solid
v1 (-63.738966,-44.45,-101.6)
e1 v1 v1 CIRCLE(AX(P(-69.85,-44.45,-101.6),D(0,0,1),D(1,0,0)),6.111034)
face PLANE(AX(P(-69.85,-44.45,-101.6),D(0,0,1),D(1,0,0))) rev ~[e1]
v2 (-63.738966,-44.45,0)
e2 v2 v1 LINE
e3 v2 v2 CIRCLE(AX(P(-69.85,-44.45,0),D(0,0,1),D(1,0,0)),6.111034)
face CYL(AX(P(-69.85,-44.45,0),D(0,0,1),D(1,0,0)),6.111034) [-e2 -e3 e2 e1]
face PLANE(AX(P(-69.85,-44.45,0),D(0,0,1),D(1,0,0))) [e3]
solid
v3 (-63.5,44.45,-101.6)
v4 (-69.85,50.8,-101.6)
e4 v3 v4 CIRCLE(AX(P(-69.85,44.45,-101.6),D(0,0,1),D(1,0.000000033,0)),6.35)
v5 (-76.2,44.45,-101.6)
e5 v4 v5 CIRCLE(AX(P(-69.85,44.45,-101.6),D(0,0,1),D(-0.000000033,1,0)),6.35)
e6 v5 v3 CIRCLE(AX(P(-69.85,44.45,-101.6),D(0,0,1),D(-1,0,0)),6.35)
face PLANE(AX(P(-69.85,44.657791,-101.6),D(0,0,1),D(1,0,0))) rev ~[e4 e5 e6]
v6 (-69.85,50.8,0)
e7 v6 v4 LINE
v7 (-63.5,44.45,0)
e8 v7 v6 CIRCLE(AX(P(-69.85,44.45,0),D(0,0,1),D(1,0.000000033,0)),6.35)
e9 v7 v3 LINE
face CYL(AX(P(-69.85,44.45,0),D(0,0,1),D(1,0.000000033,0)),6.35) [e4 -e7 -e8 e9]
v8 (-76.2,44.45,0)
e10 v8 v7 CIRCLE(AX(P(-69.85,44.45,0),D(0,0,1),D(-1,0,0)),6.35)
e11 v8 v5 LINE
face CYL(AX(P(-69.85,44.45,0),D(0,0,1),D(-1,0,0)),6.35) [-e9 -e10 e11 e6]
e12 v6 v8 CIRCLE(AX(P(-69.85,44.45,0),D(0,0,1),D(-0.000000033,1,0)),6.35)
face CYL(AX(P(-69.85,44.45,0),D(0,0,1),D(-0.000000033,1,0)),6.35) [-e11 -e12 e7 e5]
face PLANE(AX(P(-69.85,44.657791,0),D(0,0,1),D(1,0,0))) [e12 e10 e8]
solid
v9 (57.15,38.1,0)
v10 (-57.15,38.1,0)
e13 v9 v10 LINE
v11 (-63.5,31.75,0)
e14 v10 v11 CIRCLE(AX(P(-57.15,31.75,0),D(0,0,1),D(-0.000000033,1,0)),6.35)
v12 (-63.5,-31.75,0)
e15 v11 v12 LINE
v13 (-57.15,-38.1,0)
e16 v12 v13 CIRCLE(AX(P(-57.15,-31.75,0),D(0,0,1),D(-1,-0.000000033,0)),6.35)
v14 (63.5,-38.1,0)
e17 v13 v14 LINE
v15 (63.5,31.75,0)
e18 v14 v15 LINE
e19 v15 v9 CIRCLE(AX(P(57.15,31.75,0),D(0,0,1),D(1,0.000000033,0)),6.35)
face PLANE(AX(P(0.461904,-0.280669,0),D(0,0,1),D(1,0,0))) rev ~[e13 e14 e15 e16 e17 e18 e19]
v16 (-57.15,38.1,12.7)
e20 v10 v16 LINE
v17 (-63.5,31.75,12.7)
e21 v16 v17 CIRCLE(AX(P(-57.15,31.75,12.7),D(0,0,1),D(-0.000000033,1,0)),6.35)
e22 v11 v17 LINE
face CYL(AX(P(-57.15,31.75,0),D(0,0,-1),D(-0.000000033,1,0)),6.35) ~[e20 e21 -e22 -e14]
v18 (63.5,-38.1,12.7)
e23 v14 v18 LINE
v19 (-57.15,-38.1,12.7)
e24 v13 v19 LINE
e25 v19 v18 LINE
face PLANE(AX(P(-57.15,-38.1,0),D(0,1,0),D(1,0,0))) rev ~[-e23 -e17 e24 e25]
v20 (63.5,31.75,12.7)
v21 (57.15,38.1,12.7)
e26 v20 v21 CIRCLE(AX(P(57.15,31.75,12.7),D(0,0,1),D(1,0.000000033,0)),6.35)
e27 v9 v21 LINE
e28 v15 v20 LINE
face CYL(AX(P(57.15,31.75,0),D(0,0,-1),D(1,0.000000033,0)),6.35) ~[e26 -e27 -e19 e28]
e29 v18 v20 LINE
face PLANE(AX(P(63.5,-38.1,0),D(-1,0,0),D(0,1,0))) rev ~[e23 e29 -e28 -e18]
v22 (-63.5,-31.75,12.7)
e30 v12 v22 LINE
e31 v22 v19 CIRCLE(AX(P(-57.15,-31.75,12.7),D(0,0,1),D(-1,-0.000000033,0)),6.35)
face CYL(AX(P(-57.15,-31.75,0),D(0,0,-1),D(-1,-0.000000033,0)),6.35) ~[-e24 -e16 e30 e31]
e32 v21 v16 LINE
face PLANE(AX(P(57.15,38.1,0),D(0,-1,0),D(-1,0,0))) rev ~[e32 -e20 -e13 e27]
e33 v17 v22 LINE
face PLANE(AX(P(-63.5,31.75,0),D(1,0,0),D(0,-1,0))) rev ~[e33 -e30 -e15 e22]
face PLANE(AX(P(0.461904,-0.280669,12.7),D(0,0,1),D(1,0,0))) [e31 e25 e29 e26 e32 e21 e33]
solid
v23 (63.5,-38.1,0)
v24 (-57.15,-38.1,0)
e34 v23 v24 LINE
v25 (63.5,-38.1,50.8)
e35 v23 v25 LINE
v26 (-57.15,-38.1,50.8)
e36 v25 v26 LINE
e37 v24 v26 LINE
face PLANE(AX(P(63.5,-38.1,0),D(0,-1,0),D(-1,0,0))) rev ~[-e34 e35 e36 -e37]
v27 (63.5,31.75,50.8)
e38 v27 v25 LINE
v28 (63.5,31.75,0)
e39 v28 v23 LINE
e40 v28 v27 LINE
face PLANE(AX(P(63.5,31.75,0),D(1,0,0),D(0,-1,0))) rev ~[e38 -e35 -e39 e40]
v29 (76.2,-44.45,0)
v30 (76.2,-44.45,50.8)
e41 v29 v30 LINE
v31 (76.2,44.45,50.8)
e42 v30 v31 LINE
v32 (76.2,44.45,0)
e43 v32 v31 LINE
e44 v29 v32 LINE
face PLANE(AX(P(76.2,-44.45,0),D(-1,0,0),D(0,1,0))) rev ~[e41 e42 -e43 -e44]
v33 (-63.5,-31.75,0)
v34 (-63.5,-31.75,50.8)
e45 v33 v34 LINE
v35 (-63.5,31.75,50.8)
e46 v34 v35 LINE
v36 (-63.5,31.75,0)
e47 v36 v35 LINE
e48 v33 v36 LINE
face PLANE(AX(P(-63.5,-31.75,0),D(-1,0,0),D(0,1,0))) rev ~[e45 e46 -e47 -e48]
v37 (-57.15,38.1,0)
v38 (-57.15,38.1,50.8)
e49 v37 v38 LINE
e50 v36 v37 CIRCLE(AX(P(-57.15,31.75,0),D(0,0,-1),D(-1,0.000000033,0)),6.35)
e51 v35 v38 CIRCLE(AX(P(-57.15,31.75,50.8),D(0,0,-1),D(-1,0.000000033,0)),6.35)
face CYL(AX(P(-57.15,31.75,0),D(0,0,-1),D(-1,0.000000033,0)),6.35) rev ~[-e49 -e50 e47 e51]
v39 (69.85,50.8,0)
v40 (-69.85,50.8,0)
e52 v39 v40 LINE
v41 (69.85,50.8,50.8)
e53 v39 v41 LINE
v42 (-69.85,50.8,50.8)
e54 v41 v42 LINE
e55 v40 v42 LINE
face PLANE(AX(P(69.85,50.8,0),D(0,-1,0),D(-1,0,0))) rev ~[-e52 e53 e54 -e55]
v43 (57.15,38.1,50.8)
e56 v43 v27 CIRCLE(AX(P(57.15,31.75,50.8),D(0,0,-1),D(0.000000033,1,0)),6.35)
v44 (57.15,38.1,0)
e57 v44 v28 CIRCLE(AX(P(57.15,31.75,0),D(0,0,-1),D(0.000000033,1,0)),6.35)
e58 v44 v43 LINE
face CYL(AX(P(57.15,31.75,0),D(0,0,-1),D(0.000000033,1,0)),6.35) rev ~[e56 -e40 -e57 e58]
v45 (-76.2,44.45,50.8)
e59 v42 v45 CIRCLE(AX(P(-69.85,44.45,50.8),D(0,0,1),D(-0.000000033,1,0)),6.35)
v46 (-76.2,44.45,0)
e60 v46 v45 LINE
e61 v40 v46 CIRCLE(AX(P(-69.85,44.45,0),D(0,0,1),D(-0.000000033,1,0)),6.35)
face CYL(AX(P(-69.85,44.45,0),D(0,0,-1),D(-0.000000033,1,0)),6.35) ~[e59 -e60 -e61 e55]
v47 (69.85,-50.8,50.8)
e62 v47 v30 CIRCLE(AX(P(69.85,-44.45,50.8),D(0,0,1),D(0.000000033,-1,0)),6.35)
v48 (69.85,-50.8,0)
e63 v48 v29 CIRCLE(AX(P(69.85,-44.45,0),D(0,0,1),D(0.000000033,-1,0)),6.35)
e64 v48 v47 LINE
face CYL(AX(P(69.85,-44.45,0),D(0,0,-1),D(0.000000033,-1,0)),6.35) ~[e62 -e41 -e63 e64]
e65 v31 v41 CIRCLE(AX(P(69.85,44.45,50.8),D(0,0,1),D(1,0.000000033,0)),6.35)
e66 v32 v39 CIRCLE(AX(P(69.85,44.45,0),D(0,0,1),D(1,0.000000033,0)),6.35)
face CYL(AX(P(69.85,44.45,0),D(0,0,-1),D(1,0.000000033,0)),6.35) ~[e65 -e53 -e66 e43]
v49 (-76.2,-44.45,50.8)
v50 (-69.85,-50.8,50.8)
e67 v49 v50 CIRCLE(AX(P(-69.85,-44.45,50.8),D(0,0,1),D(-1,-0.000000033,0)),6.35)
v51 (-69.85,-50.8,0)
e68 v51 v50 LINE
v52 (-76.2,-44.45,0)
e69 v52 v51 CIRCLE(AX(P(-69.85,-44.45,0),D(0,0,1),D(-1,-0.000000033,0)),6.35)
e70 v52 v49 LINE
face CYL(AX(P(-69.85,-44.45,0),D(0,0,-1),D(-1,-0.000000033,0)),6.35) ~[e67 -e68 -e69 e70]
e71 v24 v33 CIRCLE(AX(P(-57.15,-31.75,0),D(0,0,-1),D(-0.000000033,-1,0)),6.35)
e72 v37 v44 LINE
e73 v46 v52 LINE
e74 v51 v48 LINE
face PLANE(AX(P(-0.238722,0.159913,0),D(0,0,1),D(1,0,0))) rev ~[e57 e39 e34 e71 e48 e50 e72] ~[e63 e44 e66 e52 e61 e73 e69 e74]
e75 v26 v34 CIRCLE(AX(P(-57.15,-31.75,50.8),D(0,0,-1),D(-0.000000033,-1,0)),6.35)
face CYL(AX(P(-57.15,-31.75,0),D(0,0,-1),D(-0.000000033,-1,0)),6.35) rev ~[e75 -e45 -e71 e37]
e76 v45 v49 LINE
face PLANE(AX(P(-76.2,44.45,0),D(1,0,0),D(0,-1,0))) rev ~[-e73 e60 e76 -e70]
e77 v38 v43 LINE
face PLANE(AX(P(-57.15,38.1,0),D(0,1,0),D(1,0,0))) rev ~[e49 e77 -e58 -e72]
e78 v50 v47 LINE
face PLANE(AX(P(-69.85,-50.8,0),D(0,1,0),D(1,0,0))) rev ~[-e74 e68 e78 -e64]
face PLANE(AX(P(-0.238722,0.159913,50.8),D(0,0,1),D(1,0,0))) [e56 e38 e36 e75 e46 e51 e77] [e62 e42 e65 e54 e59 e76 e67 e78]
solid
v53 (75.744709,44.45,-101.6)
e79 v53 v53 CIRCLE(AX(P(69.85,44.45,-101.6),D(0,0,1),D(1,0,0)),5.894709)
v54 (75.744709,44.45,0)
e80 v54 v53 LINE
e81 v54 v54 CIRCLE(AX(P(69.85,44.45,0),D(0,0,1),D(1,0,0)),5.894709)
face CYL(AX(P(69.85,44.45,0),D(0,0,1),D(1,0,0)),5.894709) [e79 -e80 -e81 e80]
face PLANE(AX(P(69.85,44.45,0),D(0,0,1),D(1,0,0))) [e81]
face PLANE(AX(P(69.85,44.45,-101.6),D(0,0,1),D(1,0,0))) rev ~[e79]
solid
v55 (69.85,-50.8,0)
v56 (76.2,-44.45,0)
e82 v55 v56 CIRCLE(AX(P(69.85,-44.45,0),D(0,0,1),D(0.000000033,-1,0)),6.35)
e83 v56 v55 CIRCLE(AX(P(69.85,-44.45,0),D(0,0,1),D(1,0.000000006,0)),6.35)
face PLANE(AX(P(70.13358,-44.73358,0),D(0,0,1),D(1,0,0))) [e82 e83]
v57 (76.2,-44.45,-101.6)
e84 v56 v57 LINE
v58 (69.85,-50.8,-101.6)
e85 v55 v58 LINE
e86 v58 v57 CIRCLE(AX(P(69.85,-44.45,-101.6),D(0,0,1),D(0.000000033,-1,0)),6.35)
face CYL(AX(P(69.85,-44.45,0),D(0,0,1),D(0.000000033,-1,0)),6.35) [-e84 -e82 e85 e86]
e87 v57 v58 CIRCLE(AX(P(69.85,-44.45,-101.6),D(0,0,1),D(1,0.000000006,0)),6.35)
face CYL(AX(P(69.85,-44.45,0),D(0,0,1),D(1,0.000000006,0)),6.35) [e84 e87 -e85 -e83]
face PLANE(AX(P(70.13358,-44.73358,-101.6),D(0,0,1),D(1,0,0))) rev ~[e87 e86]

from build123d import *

# Parameters (mm, degrees)
F0_R     = 6.111034
F0_R_2   = 5.894709
F1_DEPTH = 50.8
F2_DEPTH = 101.6
F3_DEPTH = 12.7


with BuildPart() as f1:
    # F0 (on Top) → F1 (new body)
    with BuildSketch(Plane.XY):
        with BuildLine():
            ThreePointArc((76.2, 44.45), (74.340128, 48.940128), (69.85, 50.8))
            Line((69.85, 50.8), (-69.85, 50.8))
            ThreePointArc((-69.85, 50.8), (-65.359872, 48.940128), (-63.5, 44.45))
            ThreePointArc((-63.5, 44.45), (-69.85, 38.1), (-76.2, 44.45))
            Line((-76.2, 44.45), (-76.2, -44.45))
            ThreePointArc((-76.2, -44.45), (-74.340128, -48.940128), (-69.85, -50.8))
            Line((-69.85, -50.8), (69.85, -50.8))
            ThreePointArc((69.85, -50.8), (65.359872, -39.959872), (76.2, -44.45))
            Line((76.2, -44.45), (76.2, 44.45))
        make_face()
        with Locations((-69.85, -44.45)):
            Circle(F0_R, mode=Mode.SUBTRACT)
        with BuildLine():
            Line((-57.15, 38.1), (57.15, 38.1))
            ThreePointArc((57.15, 38.1), (61.640128, 36.240128), (63.5, 31.75))
            Line((63.5, 31.75), (63.5, -38.1))
            Line((63.5, -38.1), (-57.15, -38.1))
            ThreePointArc((-57.15, -38.1), (-61.640128, -36.240128), (-63.5, -31.75))
            Line((-63.5, -31.75), (-63.5, 31.75))
            ThreePointArc((-63.5, 31.75), (-61.640128, 36.240128), (-57.15, 38.1))
        make_face(mode=Mode.SUBTRACT)
        with Locations((69.85, 44.45)):
            Circle(F0_R_2, mode=Mode.SUBTRACT)
        with BuildLine():
            ThreePointArc((-63.5, 44.45), (-65.359872, 48.940128), (-69.85, 50.8))
            ThreePointArc((-69.85, 50.8), (-74.340128, 48.940128), (-76.2, 44.45))
            ThreePointArc((-76.2, 44.45), (-69.85, 38.1), (-63.5, 44.45))
        make_face()
        with BuildLine():
            ThreePointArc((69.85, -50.8), (74.340128, -48.940128), (76.2, -44.45))
            ThreePointArc((76.2, -44.45), (65.359872, -39.959872), (69.85, -50.8))
        make_face()
        with Locations((69.85, 44.45)):
            Circle(F0_R_2)
        with Locations((-69.85, -44.45)):
            Circle(F0_R)
    extrude(amount=F1_DEPTH)


with BuildPart() as f2:
    # F0 (on Top) → F2 (new body)
    with BuildSketch(Plane.XY):
        with BuildLine():
            ThreePointArc((-63.5, 44.45), (-65.359872, 48.940128), (-69.85, 50.8))
            ThreePointArc((-69.85, 50.8), (-74.340128, 48.940128), (-76.2, 44.45))
            ThreePointArc((-76.2, 44.45), (-69.85, 38.1), (-63.5, 44.45))
        make_face()
        with Locations((69.85, 44.45)):
            Circle(F0_R_2)
        with BuildLine():
            ThreePointArc((69.85, -50.8), (74.340128, -48.940128), (76.2, -44.45))
            ThreePointArc((76.2, -44.45), (65.359872, -39.959872), (69.85, -50.8))
        make_face()
        with Locations((-69.85, -44.45)):
            Circle(F0_R)
    extrude(amount=-F2_DEPTH)


with BuildPart() as f3:
    # F0 (on Top) → F3 (new body)
    with BuildSketch(Plane.XY):
        with BuildLine():
            ThreePointArc((63.5, 31.75), (61.640128, 36.240128), (57.15, 38.1))
            Line((57.15, 38.1), (-57.15, 38.1))
            ThreePointArc((-57.15, 38.1), (-61.640128, 36.240128), (-63.5, 31.75))
            Line((-63.5, 31.75), (-63.5, -31.75))
            ThreePointArc((-63.5, -31.75), (-61.640128, -36.240128), (-57.15, -38.1))
            Line((-57.15, -38.1), (63.5, -38.1))
            Line((63.5, -38.1), (63.5, 31.75))
        make_face()
    extrude(amount=F3_DEPTH)


solid = Compound([f1.part, f2.part, f3.part])
